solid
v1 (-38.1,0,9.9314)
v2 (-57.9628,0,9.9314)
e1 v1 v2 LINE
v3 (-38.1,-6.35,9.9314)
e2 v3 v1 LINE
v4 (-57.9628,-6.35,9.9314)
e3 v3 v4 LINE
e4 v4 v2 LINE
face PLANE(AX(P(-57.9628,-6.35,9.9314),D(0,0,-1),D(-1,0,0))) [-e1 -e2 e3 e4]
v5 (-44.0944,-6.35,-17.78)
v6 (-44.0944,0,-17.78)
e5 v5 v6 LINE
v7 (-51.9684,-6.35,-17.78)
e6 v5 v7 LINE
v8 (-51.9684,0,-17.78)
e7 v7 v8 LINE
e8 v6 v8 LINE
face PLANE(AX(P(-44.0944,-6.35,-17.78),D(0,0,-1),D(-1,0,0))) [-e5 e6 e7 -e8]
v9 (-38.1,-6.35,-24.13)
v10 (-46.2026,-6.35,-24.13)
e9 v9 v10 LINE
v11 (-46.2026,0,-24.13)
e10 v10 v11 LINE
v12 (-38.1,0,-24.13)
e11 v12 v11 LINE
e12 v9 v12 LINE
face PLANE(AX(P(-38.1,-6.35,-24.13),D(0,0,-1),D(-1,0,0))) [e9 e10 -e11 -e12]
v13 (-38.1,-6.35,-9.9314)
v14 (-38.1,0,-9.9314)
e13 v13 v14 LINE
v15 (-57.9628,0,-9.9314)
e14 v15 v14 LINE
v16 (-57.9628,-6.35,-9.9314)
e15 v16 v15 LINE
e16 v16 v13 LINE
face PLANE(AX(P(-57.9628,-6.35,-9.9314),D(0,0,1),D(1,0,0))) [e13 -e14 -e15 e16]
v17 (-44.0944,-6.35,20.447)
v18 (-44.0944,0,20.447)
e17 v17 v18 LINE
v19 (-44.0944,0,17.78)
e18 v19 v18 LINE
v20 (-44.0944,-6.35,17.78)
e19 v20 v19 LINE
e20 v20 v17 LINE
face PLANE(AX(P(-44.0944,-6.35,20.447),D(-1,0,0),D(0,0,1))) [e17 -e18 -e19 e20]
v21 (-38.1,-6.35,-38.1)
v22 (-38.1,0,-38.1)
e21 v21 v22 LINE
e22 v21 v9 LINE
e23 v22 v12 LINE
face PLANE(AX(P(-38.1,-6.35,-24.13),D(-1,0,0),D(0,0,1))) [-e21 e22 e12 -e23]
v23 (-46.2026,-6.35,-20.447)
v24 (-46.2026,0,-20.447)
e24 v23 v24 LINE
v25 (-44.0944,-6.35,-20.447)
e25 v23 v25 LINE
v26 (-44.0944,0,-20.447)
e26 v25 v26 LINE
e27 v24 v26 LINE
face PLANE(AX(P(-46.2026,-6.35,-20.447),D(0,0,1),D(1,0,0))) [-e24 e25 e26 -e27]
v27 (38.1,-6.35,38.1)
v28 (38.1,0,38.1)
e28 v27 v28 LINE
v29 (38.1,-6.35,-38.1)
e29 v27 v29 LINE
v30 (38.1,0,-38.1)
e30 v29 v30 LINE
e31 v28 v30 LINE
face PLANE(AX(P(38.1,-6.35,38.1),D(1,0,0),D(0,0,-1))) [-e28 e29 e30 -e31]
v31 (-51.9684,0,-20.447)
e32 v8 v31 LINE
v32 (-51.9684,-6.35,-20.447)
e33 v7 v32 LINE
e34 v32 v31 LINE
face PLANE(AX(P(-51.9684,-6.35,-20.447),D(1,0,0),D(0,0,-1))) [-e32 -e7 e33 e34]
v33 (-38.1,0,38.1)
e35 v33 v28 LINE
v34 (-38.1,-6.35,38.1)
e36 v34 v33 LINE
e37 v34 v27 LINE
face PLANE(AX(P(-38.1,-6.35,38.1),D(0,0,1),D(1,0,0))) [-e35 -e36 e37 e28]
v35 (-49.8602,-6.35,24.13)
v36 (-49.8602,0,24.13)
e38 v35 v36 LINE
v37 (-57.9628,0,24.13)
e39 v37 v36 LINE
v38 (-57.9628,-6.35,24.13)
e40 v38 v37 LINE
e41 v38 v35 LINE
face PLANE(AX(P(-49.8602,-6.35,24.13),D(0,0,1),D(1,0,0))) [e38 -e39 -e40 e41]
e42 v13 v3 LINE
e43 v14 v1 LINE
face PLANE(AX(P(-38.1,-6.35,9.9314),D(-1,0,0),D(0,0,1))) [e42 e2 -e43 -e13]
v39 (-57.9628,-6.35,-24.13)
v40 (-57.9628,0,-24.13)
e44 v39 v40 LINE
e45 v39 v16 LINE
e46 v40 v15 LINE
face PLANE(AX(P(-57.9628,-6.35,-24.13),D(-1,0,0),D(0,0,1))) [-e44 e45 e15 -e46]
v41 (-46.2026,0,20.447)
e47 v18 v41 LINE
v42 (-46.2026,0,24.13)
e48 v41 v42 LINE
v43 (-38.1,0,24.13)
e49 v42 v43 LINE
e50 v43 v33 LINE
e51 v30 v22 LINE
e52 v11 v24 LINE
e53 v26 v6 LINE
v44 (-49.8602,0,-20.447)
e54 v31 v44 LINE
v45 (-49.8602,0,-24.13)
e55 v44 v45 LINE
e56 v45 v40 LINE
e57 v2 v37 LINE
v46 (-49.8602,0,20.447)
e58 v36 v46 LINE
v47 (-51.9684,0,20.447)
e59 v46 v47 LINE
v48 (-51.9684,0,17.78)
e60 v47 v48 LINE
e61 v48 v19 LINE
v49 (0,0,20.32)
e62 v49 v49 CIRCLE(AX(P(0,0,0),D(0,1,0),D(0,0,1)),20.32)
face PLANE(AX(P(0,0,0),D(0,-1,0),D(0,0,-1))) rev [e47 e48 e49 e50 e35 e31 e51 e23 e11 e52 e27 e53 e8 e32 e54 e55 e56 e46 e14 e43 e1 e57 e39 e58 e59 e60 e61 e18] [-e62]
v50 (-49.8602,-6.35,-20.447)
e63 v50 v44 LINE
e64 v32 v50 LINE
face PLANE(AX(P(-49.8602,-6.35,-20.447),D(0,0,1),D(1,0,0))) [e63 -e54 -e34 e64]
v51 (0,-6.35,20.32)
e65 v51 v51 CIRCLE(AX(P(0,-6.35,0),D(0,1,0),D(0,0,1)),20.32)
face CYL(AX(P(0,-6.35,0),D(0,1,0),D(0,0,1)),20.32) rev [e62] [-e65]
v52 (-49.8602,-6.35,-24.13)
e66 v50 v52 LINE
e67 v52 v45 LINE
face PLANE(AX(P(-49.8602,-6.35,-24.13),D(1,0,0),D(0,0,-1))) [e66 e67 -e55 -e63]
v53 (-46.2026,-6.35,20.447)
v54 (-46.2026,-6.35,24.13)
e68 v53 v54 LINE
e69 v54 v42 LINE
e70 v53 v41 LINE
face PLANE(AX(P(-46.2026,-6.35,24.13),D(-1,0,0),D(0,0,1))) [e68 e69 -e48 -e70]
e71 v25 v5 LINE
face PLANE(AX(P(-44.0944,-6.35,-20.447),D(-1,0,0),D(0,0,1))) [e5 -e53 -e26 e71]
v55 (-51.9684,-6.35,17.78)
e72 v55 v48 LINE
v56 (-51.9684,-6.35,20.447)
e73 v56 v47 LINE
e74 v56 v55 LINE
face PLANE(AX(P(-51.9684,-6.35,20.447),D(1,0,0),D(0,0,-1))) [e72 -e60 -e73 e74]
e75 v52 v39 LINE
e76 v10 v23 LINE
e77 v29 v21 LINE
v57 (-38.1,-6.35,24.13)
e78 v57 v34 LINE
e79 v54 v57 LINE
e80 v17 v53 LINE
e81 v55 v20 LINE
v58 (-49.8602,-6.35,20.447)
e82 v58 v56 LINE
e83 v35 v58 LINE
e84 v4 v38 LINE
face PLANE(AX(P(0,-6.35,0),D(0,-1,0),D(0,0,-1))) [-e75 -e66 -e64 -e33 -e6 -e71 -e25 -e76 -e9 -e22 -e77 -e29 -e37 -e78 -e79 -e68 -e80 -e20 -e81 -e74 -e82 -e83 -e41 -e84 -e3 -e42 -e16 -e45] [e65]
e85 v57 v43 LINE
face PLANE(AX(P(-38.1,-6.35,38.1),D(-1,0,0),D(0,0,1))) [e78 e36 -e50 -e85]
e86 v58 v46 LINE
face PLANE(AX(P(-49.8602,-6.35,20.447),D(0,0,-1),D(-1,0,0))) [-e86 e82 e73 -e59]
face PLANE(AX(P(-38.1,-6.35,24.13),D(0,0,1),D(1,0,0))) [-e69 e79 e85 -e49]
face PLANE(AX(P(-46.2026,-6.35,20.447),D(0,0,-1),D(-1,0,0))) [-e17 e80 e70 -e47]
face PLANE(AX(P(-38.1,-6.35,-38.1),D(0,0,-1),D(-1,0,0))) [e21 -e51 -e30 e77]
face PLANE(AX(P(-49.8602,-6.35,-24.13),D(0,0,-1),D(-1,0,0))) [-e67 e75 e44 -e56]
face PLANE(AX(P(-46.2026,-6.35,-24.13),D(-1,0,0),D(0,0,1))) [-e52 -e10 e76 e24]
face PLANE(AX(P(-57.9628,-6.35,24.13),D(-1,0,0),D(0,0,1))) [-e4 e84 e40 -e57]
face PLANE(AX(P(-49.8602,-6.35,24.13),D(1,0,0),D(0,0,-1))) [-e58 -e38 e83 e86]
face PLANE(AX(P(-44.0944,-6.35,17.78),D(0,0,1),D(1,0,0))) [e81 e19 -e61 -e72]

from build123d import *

# Parameters (mm, degrees)
SKETCH1_R           = 20.32
BOSS_EXTRUDE1_DEPTH = 6.35


with BuildPart() as part:
    # Sketch1 → Boss-Extrude1 (new body)
    with BuildSketch(Plane(origin=(0, 0, 0), x_dir=(1, 0, 0), z_dir=(0, 1, 0))):
        Polygon((-38.1, -38.1), (38.1, -38.1), (38.1, 38.1), (-38.1, 38.1), (-38.1, 24.13), (-46.2026, 24.13), (-46.2026, 20.447), (-44.0944, 20.447), (-44.0944, 17.78), (-51.9684, 17.78), (-51.9684, 20.447), (-49.8602, 20.447), (-49.8602, 24.13), (-57.9628, 24.13), (-57.9628, 9.9314), (-38.1, 9.9314), (-38.1, -9.9314), (-57.9628, -9.9314), (-57.9628, -24.13), (-49.8602, -24.13), (-49.8602, -20.447), (-51.9684, -20.447), (-51.9684, -17.78), (-44.0944, -17.78), (-44.0944, -20.447), (-46.2026, -20.447), (-46.2026, -24.13), (-38.1, -24.13), align=None)
        Circle(SKETCH1_R, mode=Mode.SUBTRACT)
    extrude(amount=-BOSS_EXTRUDE1_DEPTH)


solid = part.part
